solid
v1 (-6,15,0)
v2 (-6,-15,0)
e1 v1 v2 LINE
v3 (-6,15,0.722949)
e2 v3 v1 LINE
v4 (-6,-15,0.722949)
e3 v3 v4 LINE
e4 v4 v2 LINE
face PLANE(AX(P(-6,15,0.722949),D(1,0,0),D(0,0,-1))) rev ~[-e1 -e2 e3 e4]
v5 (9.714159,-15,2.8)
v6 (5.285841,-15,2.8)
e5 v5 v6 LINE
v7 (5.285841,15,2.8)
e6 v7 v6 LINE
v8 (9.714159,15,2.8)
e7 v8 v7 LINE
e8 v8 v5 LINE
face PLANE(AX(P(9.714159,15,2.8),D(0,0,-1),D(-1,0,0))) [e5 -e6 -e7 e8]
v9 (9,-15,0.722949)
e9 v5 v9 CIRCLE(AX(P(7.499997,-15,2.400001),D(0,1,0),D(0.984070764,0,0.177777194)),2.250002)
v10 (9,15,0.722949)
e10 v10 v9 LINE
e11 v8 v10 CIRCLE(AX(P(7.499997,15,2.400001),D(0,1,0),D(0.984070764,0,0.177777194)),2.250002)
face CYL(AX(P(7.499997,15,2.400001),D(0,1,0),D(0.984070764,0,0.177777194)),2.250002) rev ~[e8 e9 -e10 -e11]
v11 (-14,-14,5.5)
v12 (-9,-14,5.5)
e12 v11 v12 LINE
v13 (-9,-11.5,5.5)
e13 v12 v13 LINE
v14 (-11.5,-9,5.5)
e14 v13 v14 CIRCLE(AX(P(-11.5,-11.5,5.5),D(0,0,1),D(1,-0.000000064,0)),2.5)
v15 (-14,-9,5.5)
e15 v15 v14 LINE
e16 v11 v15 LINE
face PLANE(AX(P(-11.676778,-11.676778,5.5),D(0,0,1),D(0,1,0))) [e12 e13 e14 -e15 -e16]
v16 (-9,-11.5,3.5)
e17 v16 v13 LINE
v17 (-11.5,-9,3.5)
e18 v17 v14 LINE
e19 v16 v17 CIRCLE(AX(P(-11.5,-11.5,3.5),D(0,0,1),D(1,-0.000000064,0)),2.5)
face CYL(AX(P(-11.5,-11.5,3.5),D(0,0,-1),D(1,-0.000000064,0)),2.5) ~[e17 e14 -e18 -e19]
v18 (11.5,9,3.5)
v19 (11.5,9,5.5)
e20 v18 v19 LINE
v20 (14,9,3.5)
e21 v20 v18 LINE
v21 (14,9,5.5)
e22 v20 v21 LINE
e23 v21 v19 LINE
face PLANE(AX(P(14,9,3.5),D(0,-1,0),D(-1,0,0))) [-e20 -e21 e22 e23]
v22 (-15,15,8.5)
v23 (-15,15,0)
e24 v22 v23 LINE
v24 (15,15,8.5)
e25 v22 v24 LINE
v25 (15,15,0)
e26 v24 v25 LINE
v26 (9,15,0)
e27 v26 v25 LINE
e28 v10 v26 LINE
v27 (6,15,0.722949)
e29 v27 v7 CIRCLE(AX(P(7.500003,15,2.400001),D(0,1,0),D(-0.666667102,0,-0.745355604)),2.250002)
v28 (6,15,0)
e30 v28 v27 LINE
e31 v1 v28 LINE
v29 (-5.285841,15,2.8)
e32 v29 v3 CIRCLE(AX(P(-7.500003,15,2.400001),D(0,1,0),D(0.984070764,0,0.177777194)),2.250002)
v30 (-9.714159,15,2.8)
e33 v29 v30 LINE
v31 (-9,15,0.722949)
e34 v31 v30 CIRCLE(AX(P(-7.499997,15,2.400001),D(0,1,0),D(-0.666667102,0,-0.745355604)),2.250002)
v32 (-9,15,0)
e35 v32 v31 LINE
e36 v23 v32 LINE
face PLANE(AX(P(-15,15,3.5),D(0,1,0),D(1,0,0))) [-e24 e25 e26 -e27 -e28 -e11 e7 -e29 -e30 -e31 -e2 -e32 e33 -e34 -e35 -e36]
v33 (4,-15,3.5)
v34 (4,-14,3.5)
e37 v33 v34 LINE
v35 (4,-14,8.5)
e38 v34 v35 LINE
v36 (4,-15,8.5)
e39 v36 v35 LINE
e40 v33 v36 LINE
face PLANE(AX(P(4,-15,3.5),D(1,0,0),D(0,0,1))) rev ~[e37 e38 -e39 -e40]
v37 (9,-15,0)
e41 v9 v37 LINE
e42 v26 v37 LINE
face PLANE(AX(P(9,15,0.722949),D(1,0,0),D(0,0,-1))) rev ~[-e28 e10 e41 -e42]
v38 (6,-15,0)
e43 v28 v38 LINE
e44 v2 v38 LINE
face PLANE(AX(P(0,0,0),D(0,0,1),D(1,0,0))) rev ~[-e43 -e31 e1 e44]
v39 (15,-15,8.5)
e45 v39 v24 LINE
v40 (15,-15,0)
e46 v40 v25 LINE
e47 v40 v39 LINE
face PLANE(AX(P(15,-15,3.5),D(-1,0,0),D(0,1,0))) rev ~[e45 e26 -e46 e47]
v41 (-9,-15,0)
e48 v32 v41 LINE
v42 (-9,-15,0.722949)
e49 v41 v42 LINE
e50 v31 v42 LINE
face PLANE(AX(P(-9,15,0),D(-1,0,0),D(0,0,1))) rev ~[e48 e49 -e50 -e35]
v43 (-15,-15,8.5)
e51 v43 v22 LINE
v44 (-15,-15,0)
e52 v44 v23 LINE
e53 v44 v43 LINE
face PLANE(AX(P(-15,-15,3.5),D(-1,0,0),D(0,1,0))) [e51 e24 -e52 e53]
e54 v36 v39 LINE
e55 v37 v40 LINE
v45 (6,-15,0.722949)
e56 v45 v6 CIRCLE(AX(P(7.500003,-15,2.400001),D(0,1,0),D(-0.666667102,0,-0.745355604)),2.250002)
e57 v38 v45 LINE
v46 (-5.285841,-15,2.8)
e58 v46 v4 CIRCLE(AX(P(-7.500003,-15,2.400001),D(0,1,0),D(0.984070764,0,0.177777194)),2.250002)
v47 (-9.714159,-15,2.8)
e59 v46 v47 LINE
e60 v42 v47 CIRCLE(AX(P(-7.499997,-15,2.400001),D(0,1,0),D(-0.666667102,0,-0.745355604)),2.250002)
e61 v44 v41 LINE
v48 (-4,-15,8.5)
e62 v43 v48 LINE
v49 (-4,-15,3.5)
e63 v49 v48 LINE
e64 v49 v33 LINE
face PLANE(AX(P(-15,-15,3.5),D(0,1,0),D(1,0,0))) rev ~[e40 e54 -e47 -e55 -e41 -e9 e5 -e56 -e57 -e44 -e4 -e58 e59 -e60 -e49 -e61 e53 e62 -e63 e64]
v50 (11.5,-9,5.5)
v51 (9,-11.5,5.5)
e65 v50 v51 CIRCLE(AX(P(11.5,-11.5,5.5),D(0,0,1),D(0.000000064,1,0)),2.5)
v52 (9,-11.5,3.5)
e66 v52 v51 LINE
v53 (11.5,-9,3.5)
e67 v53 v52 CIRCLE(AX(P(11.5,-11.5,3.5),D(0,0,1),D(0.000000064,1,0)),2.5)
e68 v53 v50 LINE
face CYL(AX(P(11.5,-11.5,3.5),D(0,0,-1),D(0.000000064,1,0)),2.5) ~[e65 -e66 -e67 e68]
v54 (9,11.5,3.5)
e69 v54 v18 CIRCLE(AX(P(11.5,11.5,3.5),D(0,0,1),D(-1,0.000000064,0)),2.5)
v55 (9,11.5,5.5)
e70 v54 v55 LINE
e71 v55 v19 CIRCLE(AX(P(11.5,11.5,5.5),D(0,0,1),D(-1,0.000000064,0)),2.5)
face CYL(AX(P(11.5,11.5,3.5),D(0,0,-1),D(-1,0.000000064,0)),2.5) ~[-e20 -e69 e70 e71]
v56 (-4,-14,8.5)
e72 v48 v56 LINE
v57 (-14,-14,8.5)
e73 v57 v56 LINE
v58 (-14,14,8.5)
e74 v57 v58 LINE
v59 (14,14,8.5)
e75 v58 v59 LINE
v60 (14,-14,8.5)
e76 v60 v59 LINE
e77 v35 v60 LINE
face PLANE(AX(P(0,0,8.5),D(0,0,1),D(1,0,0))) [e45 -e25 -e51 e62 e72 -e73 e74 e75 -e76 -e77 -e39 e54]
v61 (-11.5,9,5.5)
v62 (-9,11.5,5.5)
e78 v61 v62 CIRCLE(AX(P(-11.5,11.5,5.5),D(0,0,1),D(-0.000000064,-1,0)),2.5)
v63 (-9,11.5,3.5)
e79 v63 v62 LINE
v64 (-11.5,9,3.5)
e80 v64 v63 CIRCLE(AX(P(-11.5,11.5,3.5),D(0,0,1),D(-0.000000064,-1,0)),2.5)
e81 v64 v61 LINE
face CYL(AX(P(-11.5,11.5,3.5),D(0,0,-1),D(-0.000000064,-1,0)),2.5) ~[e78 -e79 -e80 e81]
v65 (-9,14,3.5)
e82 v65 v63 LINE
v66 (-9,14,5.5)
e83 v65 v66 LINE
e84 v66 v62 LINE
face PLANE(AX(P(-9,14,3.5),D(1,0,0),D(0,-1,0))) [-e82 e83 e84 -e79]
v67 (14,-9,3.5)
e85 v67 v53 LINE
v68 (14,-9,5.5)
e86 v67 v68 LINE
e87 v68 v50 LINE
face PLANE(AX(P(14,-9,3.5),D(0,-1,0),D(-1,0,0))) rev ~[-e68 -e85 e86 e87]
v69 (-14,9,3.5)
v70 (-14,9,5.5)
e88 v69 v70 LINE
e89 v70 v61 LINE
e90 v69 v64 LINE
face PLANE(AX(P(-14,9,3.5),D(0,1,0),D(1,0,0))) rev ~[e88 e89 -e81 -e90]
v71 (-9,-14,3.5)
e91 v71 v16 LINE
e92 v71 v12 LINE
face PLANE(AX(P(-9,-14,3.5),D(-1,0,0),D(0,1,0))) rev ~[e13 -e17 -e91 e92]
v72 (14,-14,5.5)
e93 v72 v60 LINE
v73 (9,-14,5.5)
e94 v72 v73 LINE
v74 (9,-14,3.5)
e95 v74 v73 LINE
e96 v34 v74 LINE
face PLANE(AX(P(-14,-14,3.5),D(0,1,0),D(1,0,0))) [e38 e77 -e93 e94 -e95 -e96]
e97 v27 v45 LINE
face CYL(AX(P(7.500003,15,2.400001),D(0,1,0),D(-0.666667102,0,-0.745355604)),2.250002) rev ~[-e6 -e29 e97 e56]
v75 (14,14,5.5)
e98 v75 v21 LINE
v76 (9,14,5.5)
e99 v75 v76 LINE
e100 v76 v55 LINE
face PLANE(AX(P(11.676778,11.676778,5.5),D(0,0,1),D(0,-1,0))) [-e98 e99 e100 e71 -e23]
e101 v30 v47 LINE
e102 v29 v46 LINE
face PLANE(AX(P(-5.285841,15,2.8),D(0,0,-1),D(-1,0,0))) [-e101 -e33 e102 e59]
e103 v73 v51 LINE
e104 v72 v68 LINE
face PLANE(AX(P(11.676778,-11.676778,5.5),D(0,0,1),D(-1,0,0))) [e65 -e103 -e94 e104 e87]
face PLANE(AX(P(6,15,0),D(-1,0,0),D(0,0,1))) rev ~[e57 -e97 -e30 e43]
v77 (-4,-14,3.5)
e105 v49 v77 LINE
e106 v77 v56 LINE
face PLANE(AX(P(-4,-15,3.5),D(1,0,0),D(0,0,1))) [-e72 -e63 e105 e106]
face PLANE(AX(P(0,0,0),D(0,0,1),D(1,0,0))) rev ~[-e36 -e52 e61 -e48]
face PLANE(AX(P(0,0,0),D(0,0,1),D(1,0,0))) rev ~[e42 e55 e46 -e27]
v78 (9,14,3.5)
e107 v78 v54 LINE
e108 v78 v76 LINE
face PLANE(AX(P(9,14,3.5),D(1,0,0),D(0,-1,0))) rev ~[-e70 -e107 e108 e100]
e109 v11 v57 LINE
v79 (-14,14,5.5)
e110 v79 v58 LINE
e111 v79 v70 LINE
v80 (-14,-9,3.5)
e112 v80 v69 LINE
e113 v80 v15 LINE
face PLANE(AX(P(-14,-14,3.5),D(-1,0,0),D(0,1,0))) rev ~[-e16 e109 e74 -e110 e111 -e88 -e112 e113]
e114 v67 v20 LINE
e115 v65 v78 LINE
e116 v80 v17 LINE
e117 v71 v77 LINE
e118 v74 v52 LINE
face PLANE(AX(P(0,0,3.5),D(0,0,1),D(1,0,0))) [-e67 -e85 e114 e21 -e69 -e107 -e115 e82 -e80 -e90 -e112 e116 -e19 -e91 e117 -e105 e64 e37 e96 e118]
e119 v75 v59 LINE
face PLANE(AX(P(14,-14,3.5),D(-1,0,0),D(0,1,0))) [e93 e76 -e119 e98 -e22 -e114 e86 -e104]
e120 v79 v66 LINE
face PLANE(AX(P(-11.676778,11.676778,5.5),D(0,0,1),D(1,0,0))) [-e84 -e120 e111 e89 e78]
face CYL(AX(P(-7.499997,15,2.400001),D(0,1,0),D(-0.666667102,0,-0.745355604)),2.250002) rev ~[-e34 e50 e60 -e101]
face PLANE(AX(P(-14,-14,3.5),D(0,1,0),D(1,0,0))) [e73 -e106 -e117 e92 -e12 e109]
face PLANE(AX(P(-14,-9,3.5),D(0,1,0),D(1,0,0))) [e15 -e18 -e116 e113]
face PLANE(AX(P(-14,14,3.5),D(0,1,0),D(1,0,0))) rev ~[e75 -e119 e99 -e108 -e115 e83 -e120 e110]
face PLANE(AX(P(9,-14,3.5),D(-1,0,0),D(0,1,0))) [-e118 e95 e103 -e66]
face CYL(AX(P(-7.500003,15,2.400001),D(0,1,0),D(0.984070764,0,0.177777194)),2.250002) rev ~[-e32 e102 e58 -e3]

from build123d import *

# Parameters (mm, degrees)
SKETCH_W            = 30
SKETCH_H            = 30
PAD_DEPTH           = 3.5
POCKET_DEPTH        = 30.001
LINEARPATTERN_COUNT = 2
LINEARPATTERN_PITCH = 15
SKETCH002_W         = 30
SKETCH002_H         = 30
SKETCH002_W_2       = 28
SKETCH002_H_2       = 28
PAD001_DEPTH        = 5
PAD002_DEPTH        = 2
POLARPATTERN_COUNT  = 4
SKETCH004_W         = 8
SKETCH004_H         = 5
POCKET001_DEPTH     = 1


with BuildPart() as part:
    # Sketch → Pad (new body)
    with BuildSketch(Plane.XY):
        Rectangle(SKETCH_W, SKETCH_H)
    extrude(amount=PAD_DEPTH)

    # Sketch001 → Pocket (cut, through all)
    with BuildSketch(Plane(origin=(0, 15, 0), x_dir=(-1, 0, 0), z_dir=(0, 1, 0))):
        with BuildLine():
            Line((-9, 0.722949), (-9, 0))
            Line((-9, 0), (-6, 0))
            Line((-6, 0), (-6, 0.722949))
            ThreePointArc((-6, 0.722949), (-5.37226, 1.668412), (-5.285841, 2.8))
            Line((-9.714159, 2.8), (-5.285841, 2.8))
            ThreePointArc((-9.714159, 2.8), (-9.62774, 1.668412), (-9, 0.722949))
        make_face()
    pocket = extrude(amount=-POCKET_DEPTH, mode=Mode.SUBTRACT)

    # LinearPattern: Pocket ×2
    with Locations(*[(-i * LINEARPATTERN_PITCH, 0, 0) for i in range(1, LINEARPATTERN_COUNT)]):
        add(pocket, mode=Mode.SUBTRACT)

    # Sketch002 → Pad001 (new body)
    with BuildSketch(Plane.XY.offset(3.5)):
        Rectangle(SKETCH002_W, SKETCH002_H)
        Rectangle(SKETCH002_W_2, SKETCH002_H_2, mode=Mode.SUBTRACT)
    extrude(amount=PAD001_DEPTH)

    # Sketch003 → Pad002 (new body)
    with BuildSketch(Plane.XY.offset(3.5)):
        with BuildLine():
            Line((-14, 14), (-14, 9))
            Line((-14, 9), (-11.5, 9))
            ThreePointArc((-11.5, 9), (-9.732233, 9.732233), (-9, 11.5))
            Line((-9, 14), (-9, 11.5))
            Line((-14, 14), (-9, 14))
        make_face()
    pad002 = extrude(amount=PAD002_DEPTH)

    # PolarPattern: Pad002 ×4 about axis
    polarpattern_axis = Axis((0, 0, 3.5), (0, 0, 1))
    for i in range(1, POLARPATTERN_COUNT):
        add(pad002.rotate(polarpattern_axis, i * 360 / POLARPATTERN_COUNT))

    # Sketch004 → Pocket001 (cut)
    with BuildSketch(Plane.XZ.offset(15)):
        with Locations((0, 6)):
            Rectangle(SKETCH004_W, SKETCH004_H)
    extrude(amount=-POCKET001_DEPTH, mode=Mode.SUBTRACT)


solid = part.part
